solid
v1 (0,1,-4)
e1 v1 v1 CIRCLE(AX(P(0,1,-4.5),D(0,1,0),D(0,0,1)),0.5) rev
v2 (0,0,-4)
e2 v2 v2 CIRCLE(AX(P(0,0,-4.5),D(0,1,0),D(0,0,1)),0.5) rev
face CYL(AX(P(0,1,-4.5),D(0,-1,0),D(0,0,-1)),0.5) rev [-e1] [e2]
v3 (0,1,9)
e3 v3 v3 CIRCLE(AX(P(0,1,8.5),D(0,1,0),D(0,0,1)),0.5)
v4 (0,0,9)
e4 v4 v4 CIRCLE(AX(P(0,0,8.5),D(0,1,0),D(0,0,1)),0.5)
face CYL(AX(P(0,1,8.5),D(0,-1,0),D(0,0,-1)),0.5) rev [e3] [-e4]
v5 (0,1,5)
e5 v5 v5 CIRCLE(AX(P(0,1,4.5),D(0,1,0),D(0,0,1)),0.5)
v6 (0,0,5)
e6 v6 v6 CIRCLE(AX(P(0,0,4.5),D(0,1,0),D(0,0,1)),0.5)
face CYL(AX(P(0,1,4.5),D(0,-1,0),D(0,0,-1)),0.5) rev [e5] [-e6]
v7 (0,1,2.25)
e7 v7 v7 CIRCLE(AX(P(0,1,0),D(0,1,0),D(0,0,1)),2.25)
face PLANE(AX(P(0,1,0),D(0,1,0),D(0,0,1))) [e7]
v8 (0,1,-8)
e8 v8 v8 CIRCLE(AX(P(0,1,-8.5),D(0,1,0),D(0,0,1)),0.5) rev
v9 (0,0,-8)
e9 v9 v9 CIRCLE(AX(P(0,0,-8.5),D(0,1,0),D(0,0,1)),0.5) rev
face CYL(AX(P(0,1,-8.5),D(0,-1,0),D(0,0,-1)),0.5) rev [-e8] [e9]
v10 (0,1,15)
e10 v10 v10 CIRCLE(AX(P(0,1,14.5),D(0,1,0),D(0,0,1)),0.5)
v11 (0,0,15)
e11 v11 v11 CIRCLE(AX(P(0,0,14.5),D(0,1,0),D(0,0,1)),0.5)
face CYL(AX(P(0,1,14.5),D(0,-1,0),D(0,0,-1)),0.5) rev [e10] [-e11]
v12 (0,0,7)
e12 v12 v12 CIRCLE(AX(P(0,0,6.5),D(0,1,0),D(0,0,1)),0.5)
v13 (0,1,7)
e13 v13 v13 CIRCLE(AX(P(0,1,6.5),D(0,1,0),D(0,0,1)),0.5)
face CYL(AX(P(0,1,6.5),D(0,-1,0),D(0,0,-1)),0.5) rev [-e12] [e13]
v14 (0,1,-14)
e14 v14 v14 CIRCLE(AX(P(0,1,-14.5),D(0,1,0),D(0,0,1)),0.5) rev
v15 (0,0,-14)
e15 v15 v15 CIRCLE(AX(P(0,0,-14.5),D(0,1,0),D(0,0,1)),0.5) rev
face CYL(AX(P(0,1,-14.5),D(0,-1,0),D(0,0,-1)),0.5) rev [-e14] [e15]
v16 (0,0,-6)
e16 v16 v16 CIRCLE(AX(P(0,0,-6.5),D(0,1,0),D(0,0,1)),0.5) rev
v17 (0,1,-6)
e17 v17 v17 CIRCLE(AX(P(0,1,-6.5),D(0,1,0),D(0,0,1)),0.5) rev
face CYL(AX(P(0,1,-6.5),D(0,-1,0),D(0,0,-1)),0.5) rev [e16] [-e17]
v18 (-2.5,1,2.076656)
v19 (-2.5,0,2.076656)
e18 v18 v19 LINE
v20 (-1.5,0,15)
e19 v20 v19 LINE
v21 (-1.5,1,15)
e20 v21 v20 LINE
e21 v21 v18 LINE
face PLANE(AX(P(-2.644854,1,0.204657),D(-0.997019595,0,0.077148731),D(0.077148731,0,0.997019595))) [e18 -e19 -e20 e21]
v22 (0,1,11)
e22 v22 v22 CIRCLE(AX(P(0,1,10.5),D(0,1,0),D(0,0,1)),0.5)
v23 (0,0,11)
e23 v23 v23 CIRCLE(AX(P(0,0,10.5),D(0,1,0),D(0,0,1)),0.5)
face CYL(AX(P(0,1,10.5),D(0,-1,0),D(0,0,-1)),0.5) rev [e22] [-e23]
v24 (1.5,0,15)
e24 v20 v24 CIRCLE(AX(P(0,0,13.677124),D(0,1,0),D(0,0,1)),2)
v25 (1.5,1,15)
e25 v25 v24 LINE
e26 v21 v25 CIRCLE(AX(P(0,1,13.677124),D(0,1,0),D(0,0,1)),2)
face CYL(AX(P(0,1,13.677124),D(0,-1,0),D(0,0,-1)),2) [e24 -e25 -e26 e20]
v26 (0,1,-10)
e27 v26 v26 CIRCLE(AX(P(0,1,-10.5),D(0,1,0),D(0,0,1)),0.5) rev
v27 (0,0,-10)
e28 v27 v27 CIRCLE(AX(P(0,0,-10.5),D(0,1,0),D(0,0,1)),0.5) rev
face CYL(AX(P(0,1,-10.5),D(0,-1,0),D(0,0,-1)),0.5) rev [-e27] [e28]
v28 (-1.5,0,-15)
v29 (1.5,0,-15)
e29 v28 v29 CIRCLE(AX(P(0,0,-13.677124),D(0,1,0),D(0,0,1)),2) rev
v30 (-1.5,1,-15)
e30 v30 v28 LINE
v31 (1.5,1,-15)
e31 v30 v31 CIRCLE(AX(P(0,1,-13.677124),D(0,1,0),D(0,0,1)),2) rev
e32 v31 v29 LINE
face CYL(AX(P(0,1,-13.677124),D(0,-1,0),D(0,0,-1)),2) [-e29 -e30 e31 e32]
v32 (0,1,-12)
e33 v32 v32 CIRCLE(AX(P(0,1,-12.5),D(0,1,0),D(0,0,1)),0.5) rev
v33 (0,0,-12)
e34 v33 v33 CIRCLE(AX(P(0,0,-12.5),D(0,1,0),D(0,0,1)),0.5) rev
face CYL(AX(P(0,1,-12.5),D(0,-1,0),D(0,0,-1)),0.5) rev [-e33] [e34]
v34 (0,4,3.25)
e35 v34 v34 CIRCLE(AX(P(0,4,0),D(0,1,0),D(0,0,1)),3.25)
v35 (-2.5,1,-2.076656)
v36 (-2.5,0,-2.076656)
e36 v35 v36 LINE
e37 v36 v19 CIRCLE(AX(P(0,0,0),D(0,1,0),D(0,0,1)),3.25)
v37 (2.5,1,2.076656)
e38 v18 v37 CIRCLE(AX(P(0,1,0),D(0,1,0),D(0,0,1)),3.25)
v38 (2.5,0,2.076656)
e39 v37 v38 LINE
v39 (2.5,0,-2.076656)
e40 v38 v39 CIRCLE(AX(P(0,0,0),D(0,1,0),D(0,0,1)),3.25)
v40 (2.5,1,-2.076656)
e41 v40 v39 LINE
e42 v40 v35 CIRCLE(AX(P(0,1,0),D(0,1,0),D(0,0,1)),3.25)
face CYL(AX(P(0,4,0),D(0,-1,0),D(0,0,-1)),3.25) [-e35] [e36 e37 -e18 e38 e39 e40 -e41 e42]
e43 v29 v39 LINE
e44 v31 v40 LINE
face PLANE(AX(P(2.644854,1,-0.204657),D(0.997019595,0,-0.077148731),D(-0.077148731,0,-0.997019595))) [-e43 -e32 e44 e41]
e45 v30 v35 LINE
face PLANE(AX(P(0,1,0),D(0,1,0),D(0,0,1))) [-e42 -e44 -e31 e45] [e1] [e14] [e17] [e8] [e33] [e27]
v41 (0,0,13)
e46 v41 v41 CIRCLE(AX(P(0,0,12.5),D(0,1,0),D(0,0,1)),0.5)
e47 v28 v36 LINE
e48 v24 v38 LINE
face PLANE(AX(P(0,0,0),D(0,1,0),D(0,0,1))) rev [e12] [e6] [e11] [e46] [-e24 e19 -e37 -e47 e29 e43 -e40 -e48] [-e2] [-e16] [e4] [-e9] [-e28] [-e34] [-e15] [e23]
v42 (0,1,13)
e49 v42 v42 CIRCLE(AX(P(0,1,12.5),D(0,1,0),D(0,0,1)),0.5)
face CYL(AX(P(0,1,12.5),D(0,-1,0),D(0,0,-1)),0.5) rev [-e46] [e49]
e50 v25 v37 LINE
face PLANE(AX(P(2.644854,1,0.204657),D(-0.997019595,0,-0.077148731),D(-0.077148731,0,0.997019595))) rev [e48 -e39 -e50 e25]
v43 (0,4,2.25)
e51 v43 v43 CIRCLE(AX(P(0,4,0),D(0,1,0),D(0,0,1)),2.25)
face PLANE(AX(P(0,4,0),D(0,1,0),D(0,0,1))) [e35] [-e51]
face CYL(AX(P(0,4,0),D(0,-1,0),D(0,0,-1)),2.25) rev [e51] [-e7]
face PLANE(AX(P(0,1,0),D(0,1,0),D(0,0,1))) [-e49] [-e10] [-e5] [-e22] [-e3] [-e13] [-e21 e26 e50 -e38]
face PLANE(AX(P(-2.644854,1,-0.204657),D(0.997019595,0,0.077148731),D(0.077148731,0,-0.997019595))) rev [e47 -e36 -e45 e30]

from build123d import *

# Parameters (mm, degrees)
SKETCH_1_R      = 2.25
EXTRUDE_1_DEPTH = 4
SKETCH_1_3_R    = 2.25
EXTRUDE_2_DEPTH = 1
SKETCH_1_4_R    = 0.5
EXTRUDE_3_DEPTH = 1
SKETCH_1_5_R    = 0.5
EXTRUDE_4_DEPTH = 1


with BuildPart() as part:
    # 草图1 → 凸台-拉伸1 (new body)
    with BuildSketch(Plane(origin=(0, 0, 0), x_dir=(1, 0, 0), z_dir=(0, 1, 0))):
        with BuildLine():
            ThreePointArc((2.5, 2.076655966), (0, 3.25), (-2.5, 2.076655966))
            ThreePointArc((-2.5, 2.076655966), (-3.25, 0), (-2.5, -2.076655966))
            ThreePointArc((-2.5, -2.076655966), (0, -3.25), (2.5, -2.076655966))
            ThreePointArc((2.5, -2.076655966), (3.056754815, -1.103970108), (3.25, 0))
            ThreePointArc((3.25, 0), (3.056754815, 1.103970108), (2.5, 2.076655966))
        make_face()
        Circle(SKETCH_1_R, mode=Mode.SUBTRACT)
    extrude(amount=EXTRUDE_1_DEPTH)

    # 草图1<3> → 凸台-拉伸2 (add)
    with BuildSketch(Plane(origin=(0, 0, 0), x_dir=(1, 0, 0), z_dir=(0, 1, 0))):
        Circle(SKETCH_1_3_R)
    extrude(amount=EXTRUDE_2_DEPTH)

    # 草图1<4> → 凸台-拉伸3 (add)
    with BuildSketch(Plane(origin=(0, 0, 0), x_dir=(1, 0, 0), z_dir=(0, 1, 0))):
        with BuildLine():
            ThreePointArc((1.5, 15), (0, 15.677124344), (-1.5, 15))
            Line((-1.5, 15), (-2.5, 2.076655966))
            ThreePointArc((-2.5, 2.076655966), (0, 3.25), (2.5, 2.076655966))
            Line((2.5, 2.076655966), (1.5, 15))
        make_face()
        with Locations((0, 4.5)):
            Circle(SKETCH_1_4_R, mode=Mode.SUBTRACT)
        with Locations((0, 6.5)):
            Circle(SKETCH_1_4_R, mode=Mode.SUBTRACT)
        with Locations((0, 8.5)):
            Circle(SKETCH_1_4_R, mode=Mode.SUBTRACT)
        with Locations((0, 10.5)):
            Circle(SKETCH_1_4_R, mode=Mode.SUBTRACT)
        with Locations((0, 12.5)):
            Circle(SKETCH_1_4_R, mode=Mode.SUBTRACT)
        with Locations((0, 14.5)):
            Circle(SKETCH_1_4_R, mode=Mode.SUBTRACT)
    extrude(amount=EXTRUDE_3_DEPTH)

    # 草图1<5> → 凸台-拉伸4 (add)
    with BuildSketch(Plane(origin=(0, 0, 0), x_dir=(1, 0, 0), z_dir=(0, 1, 0))):
        with BuildLine():
            ThreePointArc((2.5, -2.076655966), (0, -3.25), (-2.5, -2.076655966))
            Line((-2.5, -2.076655966), (-1.5, -15))
            ThreePointArc((-1.5, -15), (0, -15.677124344), (1.5, -15))
            Line((1.5, -15), (2.5, -2.076655966))
        make_face()
        with Locations((0, -14.5)):
            Circle(SKETCH_1_5_R, mode=Mode.SUBTRACT)
        with Locations((0, -12.5)):
            Circle(SKETCH_1_5_R, mode=Mode.SUBTRACT)
        with Locations((0, -10.5)):
            Circle(SKETCH_1_5_R, mode=Mode.SUBTRACT)
        with Locations((0, -8.5)):
            Circle(SKETCH_1_5_R, mode=Mode.SUBTRACT)
        with Locations((0, -6.5)):
            Circle(SKETCH_1_5_R, mode=Mode.SUBTRACT)
        with Locations((0, -4.5)):
            Circle(SKETCH_1_5_R, mode=Mode.SUBTRACT)
    extrude(amount=EXTRUDE_4_DEPTH)


solid = part.part
